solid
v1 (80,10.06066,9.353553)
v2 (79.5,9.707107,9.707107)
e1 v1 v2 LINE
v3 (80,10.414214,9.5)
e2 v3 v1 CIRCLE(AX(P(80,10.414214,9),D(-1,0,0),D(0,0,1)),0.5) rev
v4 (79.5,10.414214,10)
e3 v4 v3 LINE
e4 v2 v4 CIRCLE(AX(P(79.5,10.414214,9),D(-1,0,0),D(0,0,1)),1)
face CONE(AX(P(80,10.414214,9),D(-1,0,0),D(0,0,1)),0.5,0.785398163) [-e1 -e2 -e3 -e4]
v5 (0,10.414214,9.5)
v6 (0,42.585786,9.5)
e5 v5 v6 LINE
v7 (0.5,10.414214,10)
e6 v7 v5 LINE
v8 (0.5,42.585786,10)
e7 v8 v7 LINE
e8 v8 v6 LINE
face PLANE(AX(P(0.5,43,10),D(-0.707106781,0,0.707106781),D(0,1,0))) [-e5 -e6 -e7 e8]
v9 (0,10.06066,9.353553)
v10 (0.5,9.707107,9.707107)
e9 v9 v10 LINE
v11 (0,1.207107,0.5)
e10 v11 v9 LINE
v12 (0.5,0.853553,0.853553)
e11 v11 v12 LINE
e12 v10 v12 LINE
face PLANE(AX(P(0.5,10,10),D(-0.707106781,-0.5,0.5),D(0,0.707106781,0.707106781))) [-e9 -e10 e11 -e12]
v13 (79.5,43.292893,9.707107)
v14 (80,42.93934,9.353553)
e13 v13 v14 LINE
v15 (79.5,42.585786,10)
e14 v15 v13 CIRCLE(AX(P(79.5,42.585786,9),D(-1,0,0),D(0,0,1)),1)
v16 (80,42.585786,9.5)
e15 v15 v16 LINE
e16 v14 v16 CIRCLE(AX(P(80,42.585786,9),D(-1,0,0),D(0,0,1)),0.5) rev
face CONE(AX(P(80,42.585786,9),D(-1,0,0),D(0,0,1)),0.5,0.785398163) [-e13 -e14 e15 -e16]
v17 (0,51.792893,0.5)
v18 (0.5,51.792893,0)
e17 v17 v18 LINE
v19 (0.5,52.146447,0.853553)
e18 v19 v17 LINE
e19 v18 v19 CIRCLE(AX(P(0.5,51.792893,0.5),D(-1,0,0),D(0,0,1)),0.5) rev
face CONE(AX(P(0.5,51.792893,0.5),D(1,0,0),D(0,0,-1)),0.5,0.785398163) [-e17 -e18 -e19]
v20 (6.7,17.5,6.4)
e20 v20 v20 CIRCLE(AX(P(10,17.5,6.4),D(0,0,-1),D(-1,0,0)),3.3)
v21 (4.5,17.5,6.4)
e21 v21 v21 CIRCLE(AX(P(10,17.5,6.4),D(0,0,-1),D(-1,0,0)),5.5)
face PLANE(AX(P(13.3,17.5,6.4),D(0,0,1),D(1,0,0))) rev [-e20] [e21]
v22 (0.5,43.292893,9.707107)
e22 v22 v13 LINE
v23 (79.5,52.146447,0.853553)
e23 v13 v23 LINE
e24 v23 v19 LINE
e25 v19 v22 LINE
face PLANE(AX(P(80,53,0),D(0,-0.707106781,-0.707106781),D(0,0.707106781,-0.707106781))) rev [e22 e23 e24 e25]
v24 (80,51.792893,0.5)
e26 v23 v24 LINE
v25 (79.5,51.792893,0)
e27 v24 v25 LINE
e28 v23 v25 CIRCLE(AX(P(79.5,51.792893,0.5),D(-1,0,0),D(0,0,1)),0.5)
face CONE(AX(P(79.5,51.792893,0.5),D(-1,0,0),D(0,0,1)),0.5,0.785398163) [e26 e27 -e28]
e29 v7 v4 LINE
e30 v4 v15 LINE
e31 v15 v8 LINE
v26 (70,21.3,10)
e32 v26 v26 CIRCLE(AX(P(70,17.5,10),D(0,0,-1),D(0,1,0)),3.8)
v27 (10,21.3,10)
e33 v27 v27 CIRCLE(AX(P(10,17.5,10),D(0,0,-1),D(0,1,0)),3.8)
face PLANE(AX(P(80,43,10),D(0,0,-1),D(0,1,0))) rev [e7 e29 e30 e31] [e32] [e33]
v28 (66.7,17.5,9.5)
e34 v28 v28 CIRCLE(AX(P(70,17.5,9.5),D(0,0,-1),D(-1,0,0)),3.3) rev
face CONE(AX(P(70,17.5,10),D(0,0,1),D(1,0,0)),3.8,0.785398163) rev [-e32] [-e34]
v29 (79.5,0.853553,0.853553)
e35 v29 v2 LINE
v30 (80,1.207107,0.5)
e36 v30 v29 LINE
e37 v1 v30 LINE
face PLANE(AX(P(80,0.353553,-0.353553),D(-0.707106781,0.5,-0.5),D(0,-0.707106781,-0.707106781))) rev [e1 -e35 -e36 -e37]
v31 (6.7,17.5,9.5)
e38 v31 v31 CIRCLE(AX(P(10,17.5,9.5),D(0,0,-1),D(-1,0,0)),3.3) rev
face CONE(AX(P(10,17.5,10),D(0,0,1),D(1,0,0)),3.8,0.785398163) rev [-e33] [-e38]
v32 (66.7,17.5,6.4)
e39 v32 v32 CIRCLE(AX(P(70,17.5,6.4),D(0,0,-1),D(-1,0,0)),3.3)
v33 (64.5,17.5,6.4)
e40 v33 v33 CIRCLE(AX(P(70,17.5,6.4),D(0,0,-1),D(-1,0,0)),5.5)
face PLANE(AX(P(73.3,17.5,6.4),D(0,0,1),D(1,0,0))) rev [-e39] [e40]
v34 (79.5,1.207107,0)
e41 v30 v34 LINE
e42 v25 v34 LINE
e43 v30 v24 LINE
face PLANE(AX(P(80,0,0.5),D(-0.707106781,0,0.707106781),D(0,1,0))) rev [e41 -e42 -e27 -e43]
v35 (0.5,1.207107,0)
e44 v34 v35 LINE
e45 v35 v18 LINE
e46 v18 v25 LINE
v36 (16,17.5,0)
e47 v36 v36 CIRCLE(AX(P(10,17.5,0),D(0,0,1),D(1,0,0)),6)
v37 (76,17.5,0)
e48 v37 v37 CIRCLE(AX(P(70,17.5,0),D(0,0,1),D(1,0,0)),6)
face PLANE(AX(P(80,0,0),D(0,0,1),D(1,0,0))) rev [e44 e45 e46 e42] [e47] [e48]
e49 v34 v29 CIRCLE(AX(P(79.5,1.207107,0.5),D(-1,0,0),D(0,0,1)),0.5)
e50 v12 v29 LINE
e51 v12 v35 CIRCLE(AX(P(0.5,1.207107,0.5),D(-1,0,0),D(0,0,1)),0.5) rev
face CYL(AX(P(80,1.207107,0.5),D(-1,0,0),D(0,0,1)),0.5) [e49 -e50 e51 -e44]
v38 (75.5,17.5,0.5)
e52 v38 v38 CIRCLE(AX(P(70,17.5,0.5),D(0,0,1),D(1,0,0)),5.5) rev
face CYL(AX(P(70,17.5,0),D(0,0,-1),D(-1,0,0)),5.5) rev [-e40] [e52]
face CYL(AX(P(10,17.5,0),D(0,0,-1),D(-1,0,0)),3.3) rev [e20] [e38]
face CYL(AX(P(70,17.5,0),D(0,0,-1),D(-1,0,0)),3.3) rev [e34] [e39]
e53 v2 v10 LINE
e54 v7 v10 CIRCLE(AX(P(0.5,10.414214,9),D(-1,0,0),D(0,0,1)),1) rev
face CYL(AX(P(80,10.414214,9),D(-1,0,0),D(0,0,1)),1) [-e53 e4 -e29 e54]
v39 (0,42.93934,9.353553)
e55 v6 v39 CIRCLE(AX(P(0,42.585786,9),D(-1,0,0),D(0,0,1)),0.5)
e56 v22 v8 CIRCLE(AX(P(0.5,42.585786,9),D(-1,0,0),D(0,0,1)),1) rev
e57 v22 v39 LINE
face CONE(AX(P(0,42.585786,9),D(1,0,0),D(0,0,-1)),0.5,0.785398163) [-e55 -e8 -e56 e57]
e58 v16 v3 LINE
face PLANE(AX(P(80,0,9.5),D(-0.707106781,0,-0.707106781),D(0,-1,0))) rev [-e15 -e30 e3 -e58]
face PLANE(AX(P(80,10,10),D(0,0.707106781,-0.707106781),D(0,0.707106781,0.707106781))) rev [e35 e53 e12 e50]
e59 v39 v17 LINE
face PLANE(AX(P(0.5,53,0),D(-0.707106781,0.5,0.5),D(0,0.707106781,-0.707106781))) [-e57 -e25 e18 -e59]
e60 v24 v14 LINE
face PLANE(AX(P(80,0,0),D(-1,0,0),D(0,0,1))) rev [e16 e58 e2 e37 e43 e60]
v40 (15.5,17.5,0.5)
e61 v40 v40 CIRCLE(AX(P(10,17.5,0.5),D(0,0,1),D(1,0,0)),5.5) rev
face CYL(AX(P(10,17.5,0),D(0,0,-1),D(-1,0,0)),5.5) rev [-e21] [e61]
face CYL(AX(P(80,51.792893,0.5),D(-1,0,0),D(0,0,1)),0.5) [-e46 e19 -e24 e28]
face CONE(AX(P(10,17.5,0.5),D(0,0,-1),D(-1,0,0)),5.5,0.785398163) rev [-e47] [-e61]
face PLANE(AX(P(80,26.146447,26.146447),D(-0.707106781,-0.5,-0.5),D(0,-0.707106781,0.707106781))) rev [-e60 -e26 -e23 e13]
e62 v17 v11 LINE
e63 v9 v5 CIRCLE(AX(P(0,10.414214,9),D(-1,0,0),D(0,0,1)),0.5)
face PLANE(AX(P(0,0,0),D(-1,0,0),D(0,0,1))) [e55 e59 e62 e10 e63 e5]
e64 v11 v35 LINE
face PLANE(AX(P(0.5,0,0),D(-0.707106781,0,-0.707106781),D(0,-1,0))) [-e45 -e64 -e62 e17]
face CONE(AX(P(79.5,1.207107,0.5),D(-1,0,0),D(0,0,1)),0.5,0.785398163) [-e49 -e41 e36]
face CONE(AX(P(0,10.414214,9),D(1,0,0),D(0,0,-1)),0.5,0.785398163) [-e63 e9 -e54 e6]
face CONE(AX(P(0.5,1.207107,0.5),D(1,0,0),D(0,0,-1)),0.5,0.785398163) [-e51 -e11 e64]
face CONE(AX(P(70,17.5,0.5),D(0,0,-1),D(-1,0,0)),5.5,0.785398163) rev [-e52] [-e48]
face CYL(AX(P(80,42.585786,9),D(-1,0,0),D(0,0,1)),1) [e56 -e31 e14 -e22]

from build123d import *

# Parameters (mm, degrees)
BOSS_EXTRUDE1_DEPTH                                 = 80
CBORE_FOR_M6_HEX_SOCKET_HEAD_CAP_SCREW1_D           = 6.6
CBORE_FOR_M6_HEX_SOCKET_HEAD_CAP_SCREW1_CBORE_D     = 11
CBORE_FOR_M6_HEX_SOCKET_HEAD_CAP_SCREW1_CBORE_DEPTH = 6.4
FILLET1_R                                           = 0.5
FILLET2_R                                           = 1
CHAMFER1_SIZE                                       = 0.5
CHAMFER2_SIZE                                       = 0.5


with BuildPart() as part:
    # Sketch2 → Boss-Extrude1 (new body)
    with BuildSketch(Plane(origin=(0, 0, 0), x_dir=(0, 0, -1), z_dir=(1, 0, 0))):
        Polygon((0, 0), (0, 53), (-10, 43), (-10, 10), align=None)
    extrude(amount=BOSS_EXTRUDE1_DEPTH)

    # CBORE for M6 Hex Socket Head Cap Screw1 (through all)
    with Locations(Plane(origin=(0, 0, 0), x_dir=(-1, 0, 0), z_dir=(0, 0, -1))):
        with Locations((-70, 17.5), (-10, 17.5)):
            CounterBoreHole(CBORE_FOR_M6_HEX_SOCKET_HEAD_CAP_SCREW1_D / 2, CBORE_FOR_M6_HEX_SOCKET_HEAD_CAP_SCREW1_CBORE_D / 2, CBORE_FOR_M6_HEX_SOCKET_HEAD_CAP_SCREW1_CBORE_DEPTH)

    # Fillet1
    fillet1_edges = [part.edges().sort_by_distance(p)[0] for p in [
        (40, 53, 0),
        (40, 0, 0),
    ]]
    fillet(fillet1_edges, radius=FILLET1_R)

    # Fillet2
    fillet2_edges = [part.edges().sort_by_distance(p)[0] for p in [
        (40, 10, 10),
        (40, 43, 10),
    ]]
    fillet(fillet2_edges, radius=FILLET2_R)

    # Chamfer1
    chamfer1_edges = [part.edges().sort_by_distance(p)[0] for p in [
        (6.7, 17.5, 10),
        (66.7, 17.5, 10),
        (0, 47.719669914, 5.280330086),
        (80, 47.719669914, 5.280330086),
        (0, 26.5, 0),
        (0, 0.745167015, 0.308658284),
        (0, 52.254832985, 0.308658284),
        (80, 26.5, 0),
        (80, 0.745167015, 0.308658284),
        (80, 52.254832985, 0.308658284),
        (0, 26.5, 10),
        (80, 26.5, 10),
        (0, 5.280330086, 5.280330086),
        (0, 10.03153013, 9.923879533),
        (0, 42.96846987, 9.923879533),
        (80, 5.280330086, 5.280330086),
        (80, 10.03153013, 9.923879533),
        (80, 42.96846987, 9.923879533),
    ]]
    chamfer(chamfer1_edges, length=CHAMFER1_SIZE)

    # Chamfer2
    chamfer2_edges = [part.edges().sort_by_distance(p)[0] for p in [
        (15.5, 17.5, 0),
        (75.5, 17.5, 0),
    ]]
    chamfer(chamfer2_edges, length=CHAMFER2_SIZE)


solid = part.part
